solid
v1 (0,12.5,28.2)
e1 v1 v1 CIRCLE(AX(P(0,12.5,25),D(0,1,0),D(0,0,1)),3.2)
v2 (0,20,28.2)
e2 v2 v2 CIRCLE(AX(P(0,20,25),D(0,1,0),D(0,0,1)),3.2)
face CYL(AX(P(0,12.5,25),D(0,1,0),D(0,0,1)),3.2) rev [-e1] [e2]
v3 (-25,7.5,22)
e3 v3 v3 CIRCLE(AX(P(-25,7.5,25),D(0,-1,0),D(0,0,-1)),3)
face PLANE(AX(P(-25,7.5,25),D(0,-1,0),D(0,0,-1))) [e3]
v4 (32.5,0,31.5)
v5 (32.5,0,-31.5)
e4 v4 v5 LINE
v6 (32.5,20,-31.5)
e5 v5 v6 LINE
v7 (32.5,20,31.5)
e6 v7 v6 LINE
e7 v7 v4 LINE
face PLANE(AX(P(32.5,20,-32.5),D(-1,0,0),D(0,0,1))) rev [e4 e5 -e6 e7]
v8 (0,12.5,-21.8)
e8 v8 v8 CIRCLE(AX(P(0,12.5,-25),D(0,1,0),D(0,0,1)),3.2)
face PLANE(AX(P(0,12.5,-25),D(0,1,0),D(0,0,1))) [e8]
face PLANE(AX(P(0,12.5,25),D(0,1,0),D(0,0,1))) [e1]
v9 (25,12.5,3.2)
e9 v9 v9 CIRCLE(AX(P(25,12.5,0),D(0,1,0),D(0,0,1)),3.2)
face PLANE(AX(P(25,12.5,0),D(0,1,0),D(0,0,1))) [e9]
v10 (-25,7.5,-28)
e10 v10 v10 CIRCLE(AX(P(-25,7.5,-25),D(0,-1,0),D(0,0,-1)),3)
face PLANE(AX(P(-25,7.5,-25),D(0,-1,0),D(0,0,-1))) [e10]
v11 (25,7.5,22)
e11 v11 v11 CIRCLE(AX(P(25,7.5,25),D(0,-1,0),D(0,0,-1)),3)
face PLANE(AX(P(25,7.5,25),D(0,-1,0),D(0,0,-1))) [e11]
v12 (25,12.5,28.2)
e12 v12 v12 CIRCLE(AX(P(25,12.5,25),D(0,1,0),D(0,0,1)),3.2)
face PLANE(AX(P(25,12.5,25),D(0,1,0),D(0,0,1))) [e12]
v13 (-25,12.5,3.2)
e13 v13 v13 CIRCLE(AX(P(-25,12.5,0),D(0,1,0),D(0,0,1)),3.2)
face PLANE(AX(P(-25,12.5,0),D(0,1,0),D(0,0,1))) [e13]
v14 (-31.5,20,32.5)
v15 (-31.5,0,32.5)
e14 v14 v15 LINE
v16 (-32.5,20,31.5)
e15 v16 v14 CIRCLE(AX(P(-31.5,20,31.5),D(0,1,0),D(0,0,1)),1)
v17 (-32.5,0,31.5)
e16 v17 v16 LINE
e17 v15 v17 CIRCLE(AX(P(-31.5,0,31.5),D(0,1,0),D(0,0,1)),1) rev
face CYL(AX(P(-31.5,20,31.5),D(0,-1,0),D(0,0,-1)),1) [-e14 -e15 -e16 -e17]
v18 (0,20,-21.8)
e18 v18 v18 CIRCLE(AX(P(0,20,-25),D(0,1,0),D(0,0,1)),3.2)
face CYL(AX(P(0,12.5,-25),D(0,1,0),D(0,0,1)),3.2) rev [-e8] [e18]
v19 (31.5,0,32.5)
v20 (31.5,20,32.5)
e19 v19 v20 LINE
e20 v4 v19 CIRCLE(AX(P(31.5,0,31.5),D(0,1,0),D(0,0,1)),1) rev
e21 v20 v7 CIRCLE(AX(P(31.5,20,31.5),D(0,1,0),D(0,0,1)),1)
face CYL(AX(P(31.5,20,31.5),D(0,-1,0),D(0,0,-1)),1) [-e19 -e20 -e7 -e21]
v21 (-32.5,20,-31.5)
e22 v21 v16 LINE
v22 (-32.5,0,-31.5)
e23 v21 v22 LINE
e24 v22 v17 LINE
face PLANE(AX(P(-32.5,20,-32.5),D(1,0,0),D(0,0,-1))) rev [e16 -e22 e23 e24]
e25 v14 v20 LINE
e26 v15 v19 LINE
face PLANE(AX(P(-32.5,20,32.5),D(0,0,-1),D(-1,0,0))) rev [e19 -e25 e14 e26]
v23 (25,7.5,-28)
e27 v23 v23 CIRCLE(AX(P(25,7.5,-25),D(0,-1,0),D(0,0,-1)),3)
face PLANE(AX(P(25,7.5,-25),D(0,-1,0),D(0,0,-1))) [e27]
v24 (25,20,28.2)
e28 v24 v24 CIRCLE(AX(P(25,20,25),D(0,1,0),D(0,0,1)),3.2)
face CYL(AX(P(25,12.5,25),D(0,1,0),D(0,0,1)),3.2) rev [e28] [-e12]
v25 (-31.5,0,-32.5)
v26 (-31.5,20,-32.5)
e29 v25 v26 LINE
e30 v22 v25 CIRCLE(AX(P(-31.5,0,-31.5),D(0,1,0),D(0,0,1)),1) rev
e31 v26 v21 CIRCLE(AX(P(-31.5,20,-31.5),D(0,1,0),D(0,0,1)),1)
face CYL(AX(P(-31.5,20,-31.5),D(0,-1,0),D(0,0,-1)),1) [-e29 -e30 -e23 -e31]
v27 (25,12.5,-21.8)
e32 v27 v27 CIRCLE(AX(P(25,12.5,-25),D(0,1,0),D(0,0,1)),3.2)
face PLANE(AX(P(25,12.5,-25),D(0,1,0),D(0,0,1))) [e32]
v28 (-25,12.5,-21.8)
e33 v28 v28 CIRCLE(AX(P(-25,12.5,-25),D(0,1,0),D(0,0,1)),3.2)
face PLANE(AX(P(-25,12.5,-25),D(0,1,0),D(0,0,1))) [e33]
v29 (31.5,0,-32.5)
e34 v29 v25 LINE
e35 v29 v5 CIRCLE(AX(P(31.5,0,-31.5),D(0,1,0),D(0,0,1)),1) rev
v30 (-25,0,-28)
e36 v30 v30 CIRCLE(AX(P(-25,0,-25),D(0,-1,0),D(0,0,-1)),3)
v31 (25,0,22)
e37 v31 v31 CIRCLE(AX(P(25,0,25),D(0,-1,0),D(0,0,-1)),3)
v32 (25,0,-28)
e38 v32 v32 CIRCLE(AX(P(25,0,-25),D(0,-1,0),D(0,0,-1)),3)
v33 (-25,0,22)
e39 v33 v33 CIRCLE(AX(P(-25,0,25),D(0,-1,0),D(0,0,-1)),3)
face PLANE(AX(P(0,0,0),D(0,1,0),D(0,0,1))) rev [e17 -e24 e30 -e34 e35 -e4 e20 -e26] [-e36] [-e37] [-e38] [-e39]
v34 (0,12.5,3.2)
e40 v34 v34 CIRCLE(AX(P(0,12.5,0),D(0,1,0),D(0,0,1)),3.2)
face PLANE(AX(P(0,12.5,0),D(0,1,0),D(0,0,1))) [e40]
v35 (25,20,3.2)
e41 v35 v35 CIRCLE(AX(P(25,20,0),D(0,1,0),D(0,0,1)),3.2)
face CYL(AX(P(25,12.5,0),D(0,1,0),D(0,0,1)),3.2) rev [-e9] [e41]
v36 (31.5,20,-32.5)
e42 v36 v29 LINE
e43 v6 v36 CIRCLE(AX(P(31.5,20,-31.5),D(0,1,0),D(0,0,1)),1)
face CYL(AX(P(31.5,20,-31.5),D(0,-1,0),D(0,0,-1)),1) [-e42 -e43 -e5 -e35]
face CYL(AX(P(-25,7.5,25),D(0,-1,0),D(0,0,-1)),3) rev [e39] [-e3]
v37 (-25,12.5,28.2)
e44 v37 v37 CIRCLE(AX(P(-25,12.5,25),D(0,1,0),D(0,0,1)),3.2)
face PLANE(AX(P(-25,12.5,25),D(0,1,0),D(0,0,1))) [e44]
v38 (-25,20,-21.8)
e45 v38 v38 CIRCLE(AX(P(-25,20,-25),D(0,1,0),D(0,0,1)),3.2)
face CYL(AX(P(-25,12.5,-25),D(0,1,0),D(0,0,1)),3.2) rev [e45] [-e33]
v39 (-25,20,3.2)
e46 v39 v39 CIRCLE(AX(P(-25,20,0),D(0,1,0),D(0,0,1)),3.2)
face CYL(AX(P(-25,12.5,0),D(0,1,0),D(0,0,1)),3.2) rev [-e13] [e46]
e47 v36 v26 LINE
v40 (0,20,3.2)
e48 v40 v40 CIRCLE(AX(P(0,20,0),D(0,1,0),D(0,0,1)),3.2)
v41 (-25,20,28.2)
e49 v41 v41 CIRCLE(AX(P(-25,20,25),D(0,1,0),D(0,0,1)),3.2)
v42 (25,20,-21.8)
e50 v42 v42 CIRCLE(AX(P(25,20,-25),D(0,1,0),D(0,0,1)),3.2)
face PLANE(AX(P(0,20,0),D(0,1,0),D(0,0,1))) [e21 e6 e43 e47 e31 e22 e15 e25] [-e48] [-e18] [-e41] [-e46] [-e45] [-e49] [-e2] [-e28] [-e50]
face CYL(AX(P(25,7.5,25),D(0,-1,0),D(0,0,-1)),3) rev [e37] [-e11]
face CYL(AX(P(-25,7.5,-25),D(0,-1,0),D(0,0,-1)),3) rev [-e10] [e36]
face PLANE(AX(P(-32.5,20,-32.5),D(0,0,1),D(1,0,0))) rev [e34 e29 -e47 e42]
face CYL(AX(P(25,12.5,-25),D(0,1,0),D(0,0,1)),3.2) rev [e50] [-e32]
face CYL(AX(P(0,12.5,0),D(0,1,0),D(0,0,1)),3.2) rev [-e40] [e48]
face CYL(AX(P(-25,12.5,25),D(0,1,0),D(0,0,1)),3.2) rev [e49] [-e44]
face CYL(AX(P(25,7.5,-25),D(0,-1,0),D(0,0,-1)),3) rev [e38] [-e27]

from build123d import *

# Parameters (mm, degrees)
SKETCH_1_W          = 65
SKETCH_1_H          = 65
EXTRUDE_1_DEPTH     = 20
SKETCH_2_R          = 3
CUT_EXTRUDE_1_DEPTH = 7.5
SKETCH_3_R          = 3.2
CUT_EXTRUDE_2_DEPTH = 7.5
FILLET_1_R          = 1


with BuildPart() as part:
    # 스케치1 → 보스-돌출1 (new body)
    with BuildSketch(Plane(origin=(0, 0, 0), x_dir=(1, 0, 0), z_dir=(0, 1, 0))):
        Rectangle(SKETCH_1_W, SKETCH_1_H)
    extrude(amount=EXTRUDE_1_DEPTH)

    # 스케치2 → 컷-돌출1 (cut)
    with BuildSketch(Plane.XZ):
        with Locations((-25, 25)):
            Circle(SKETCH_2_R)
        with Locations((25, 25)):
            Circle(SKETCH_2_R)
        with Locations((25, -25)):
            Circle(SKETCH_2_R)
        with Locations((-25, -25)):
            Circle(SKETCH_2_R)
    extrude(amount=-CUT_EXTRUDE_1_DEPTH, mode=Mode.SUBTRACT)

    # 스케치3 → 컷-돌출2 (cut)
    with BuildSketch(Plane(origin=(0, 20, 0), x_dir=(1, 0, 0), z_dir=(0, 1, 0))):
        with Locations((-25, 25)):
            Circle(SKETCH_3_R)
        with Locations((0, 25)):
            Circle(SKETCH_3_R)
        with Locations((25, 25)):
            Circle(SKETCH_3_R)
        with Locations((25, 0)):
            Circle(SKETCH_3_R)
        with Locations((25, -25)):
            Circle(SKETCH_3_R)
        with Locations((0, -25)):
            Circle(SKETCH_3_R)
        with Locations((-25, -25)):
            Circle(SKETCH_3_R)
        with Locations((-25, 0)):
            Circle(SKETCH_3_R)
        Circle(SKETCH_3_R)
    extrude(amount=-CUT_EXTRUDE_2_DEPTH, mode=Mode.SUBTRACT)

    # 필렛1
    fillet_1_edges = [part.edges().sort_by_distance(p)[0] for p in [
        (-32.5, 10, -32.5),
        (32.5, 10, -32.5),
        (32.5, 10, 32.5),
        (-32.5, 10, 32.5),
    ]]
    fillet(fillet_1_edges, radius=FILLET_1_R)


solid = part.part
